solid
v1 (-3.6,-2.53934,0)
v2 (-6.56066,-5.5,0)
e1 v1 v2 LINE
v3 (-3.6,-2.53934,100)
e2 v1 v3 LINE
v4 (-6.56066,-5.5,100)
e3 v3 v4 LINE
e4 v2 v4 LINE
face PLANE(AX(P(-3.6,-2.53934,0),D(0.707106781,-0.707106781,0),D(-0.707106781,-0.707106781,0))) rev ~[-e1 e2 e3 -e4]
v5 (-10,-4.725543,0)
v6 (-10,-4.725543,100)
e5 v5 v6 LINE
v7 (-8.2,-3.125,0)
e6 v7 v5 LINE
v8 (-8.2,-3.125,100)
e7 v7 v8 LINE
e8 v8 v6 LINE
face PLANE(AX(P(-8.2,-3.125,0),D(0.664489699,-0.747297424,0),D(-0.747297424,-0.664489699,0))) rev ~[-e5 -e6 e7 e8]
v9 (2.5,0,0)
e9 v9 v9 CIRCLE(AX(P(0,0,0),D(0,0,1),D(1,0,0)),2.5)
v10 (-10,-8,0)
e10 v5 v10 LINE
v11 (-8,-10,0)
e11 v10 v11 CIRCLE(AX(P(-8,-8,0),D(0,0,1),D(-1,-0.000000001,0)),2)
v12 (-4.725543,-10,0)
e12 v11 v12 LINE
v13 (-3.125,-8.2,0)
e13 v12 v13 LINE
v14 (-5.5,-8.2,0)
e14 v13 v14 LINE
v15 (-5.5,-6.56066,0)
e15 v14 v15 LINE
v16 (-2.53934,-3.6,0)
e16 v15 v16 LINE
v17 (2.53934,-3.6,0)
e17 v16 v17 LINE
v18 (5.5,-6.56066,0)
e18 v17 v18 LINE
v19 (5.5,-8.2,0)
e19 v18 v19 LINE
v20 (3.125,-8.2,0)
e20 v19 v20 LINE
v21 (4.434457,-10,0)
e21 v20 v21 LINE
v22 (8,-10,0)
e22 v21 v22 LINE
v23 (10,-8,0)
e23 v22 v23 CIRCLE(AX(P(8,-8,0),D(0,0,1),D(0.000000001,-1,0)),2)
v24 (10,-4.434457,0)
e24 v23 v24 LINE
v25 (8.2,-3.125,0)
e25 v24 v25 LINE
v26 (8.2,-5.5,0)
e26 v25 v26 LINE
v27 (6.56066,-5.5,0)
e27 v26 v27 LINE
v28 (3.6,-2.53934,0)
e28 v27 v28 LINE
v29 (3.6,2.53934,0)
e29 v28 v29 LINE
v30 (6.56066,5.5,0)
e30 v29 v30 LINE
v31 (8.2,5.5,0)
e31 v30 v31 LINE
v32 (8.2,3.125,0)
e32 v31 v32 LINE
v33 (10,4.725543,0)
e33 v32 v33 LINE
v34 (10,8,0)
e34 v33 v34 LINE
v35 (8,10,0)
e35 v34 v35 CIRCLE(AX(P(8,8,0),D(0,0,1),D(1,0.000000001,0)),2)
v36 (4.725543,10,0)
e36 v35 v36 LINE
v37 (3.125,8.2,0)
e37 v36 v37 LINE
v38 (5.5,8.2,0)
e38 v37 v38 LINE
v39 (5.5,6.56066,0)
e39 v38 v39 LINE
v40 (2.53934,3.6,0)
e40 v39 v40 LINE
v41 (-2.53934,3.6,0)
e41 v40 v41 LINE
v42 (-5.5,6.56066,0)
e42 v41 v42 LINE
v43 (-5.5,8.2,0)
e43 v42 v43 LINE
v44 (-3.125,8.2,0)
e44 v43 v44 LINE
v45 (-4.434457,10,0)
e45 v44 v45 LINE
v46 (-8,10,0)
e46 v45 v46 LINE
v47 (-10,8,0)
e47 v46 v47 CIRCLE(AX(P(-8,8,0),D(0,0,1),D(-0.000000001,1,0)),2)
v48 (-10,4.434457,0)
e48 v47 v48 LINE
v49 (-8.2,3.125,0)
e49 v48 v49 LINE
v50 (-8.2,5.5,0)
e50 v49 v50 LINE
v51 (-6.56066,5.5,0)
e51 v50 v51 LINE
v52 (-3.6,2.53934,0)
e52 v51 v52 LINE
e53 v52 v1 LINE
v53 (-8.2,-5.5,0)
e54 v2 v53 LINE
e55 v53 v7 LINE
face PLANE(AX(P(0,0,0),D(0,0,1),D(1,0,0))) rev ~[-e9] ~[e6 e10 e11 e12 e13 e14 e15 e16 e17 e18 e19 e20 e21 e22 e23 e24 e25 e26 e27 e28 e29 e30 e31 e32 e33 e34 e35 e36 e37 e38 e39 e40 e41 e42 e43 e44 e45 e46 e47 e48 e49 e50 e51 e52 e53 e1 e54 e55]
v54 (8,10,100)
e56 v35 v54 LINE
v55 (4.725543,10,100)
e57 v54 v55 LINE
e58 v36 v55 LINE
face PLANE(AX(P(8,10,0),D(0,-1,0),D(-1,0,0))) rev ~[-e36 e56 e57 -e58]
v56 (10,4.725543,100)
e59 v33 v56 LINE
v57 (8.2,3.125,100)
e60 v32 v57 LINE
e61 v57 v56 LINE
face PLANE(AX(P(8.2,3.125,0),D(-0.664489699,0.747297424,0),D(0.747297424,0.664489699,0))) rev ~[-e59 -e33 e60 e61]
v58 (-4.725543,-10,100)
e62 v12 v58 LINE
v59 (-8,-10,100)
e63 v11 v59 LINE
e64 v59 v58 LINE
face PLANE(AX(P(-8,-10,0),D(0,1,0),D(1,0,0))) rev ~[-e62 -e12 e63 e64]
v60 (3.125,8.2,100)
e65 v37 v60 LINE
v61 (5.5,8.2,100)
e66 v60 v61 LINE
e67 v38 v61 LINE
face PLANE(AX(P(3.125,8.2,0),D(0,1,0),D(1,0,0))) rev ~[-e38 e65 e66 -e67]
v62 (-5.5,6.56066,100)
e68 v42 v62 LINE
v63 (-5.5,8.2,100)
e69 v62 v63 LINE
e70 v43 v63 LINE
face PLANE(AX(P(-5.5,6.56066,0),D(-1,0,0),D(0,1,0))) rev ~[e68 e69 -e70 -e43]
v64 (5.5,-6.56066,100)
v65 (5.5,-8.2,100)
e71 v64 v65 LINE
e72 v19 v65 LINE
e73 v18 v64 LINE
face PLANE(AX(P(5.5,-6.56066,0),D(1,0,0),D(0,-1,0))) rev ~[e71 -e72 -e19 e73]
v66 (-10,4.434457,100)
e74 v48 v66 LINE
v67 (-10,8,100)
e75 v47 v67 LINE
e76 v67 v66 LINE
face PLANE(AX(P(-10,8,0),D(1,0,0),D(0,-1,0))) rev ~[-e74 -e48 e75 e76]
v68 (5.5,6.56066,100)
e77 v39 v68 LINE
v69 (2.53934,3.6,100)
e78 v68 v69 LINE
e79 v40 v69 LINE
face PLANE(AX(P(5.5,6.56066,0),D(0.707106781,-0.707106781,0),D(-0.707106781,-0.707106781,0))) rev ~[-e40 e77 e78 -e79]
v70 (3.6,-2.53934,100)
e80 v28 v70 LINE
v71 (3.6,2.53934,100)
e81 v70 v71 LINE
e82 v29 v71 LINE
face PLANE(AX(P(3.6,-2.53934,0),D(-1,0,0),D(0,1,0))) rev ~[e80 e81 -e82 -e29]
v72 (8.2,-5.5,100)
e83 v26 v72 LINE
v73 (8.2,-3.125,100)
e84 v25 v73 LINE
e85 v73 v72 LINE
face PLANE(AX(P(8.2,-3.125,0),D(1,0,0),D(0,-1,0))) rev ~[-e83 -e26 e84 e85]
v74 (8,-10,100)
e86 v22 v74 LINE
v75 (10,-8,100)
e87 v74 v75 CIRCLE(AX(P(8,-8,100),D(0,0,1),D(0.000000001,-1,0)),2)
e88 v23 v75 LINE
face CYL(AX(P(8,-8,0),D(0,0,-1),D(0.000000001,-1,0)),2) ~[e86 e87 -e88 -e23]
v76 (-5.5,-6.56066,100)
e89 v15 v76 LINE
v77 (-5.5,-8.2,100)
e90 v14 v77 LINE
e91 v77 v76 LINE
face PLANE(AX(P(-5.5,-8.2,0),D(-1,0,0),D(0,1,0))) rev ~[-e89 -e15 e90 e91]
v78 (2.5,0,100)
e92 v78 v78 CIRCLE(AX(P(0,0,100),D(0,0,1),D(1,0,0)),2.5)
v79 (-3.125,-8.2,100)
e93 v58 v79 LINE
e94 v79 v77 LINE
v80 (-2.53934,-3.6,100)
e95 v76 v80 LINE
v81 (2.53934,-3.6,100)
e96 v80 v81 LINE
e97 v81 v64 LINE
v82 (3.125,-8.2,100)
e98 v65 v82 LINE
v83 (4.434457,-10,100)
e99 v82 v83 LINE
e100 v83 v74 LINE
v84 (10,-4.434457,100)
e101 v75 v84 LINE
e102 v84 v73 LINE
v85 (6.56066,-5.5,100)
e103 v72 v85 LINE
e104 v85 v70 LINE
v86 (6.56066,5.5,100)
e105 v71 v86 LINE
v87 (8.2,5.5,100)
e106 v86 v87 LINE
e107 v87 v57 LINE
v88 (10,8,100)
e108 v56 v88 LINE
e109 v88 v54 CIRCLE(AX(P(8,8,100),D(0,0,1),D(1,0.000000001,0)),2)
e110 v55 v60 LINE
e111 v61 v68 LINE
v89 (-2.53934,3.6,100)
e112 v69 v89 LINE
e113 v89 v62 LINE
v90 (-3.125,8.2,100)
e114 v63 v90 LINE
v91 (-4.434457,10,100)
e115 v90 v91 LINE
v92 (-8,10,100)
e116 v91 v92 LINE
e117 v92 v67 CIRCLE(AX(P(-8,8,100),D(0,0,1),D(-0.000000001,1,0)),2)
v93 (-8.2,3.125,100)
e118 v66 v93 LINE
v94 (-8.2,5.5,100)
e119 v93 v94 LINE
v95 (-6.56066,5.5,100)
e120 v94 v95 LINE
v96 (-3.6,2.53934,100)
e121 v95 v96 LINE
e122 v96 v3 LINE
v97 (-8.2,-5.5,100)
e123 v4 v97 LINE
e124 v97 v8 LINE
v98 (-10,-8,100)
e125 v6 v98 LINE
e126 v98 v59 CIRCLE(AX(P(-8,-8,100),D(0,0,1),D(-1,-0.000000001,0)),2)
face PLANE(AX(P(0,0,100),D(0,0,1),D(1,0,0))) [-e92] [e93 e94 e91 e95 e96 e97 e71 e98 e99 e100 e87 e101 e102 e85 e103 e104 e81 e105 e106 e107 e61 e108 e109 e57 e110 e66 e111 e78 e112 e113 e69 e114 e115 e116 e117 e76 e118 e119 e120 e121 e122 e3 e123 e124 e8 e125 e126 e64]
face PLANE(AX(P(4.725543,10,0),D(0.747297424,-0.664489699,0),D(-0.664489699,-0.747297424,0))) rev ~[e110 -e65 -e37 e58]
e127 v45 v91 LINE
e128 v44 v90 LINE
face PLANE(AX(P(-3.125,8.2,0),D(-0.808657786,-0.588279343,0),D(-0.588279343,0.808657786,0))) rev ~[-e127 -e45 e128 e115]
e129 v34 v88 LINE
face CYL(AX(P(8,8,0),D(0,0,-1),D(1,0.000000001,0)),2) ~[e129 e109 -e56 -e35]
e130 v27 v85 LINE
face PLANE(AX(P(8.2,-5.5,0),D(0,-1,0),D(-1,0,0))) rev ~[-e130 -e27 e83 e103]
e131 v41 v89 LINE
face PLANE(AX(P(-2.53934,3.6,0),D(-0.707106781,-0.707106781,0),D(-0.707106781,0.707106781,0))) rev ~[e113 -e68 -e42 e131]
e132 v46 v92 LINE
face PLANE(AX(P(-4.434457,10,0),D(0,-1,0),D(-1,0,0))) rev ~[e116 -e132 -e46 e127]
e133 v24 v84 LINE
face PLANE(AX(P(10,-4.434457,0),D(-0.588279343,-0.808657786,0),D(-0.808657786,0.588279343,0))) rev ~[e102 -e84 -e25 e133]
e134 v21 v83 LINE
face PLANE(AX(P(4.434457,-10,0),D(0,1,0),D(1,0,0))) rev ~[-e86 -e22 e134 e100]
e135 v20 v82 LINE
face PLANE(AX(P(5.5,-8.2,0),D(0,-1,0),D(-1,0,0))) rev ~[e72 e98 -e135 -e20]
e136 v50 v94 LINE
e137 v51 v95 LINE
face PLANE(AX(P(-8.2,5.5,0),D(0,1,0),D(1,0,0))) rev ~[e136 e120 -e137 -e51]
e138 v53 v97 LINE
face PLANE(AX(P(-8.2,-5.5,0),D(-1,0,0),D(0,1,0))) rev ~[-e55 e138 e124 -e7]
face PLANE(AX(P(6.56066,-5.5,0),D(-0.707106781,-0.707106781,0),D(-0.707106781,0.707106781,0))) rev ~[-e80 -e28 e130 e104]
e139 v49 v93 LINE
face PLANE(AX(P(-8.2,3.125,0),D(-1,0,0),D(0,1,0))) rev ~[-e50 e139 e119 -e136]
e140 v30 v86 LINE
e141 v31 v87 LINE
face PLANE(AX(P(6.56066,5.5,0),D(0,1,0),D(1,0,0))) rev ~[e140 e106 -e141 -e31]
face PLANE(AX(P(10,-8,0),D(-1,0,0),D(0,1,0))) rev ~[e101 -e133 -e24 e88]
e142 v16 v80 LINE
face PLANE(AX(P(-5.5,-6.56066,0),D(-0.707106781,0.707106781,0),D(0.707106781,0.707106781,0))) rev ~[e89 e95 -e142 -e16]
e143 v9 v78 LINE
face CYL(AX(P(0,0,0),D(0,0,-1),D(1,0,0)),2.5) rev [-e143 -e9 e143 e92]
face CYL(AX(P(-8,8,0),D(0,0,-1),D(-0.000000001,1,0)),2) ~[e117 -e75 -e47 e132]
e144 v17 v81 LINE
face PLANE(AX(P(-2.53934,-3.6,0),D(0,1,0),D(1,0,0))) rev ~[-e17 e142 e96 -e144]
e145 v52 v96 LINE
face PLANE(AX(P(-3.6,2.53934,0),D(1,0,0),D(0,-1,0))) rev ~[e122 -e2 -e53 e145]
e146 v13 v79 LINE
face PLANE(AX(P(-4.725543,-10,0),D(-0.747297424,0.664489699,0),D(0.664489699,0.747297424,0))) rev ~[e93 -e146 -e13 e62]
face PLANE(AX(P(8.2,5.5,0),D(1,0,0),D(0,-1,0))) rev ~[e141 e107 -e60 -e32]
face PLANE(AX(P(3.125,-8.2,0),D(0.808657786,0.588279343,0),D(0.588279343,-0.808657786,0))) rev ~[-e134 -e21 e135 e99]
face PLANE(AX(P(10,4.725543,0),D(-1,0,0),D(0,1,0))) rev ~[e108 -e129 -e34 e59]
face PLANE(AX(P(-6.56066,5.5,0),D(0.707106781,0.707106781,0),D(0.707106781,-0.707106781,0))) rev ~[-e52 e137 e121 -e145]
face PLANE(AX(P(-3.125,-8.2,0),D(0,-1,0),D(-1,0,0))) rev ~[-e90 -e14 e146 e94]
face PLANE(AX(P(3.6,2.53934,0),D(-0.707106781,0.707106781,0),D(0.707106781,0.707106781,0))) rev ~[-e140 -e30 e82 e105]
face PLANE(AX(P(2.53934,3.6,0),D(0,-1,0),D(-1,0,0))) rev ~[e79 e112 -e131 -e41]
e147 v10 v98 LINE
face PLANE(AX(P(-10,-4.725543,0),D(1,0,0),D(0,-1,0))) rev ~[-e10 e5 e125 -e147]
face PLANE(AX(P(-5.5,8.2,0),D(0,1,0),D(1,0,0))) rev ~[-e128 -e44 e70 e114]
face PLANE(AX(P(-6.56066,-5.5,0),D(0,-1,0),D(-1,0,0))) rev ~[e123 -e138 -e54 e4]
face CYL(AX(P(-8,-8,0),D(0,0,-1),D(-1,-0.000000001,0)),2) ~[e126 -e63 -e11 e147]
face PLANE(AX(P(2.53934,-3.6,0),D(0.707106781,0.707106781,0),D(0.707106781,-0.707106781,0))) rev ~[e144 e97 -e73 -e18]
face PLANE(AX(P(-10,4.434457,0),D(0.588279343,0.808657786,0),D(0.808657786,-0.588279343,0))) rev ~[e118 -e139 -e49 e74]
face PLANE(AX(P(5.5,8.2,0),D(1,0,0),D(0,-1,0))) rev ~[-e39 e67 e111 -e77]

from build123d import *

# Parameters (mm, degrees)
SKETCH1_R           = 2.5
BOSS_EXTRUDE1_DEPTH = 100


with BuildPart() as part:
    # Sketch1 → Boss-Extrude1 (new body)
    with BuildSketch(Plane.XY):
        with BuildLine():
            Line((-4.725542729, -10), (-3.125, -8.2))
            Line((-3.125, -8.2), (-5.5, -8.2))
            Line((-5.5, -8.2), (-5.5, -6.560660172))
            Line((-5.5, -6.560660172), (-2.539339828, -3.6))
            Line((-2.539339828, -3.6), (2.539339828, -3.6))
            Line((2.539339828, -3.6), (5.5, -6.560660172))
            Line((5.5, -6.560660172), (5.5, -8.2))
            Line((5.5, -8.2), (3.125, -8.2))
            Line((3.125, -8.2), (4.434457271, -10))
            Line((4.434457271, -10), (8, -10))
            ThreePointArc((8, -10), (9.414213562, -9.414213562), (10, -8))
            Line((10, -8), (10, -4.434457271))
            Line((10, -4.434457271), (8.2, -3.125))
            Line((8.2, -3.125), (8.2, -5.5))
            Line((8.2, -5.5), (6.560660172, -5.5))
            Line((6.560660172, -5.5), (3.6, -2.539339828))
            Line((3.6, -2.539339828), (3.6, 2.539339828))
            Line((3.6, 2.539339828), (6.560660172, 5.5))
            Line((6.560660172, 5.5), (8.2, 5.5))
            Line((8.2, 5.5), (8.2, 3.125))
            Line((8.2, 3.125), (10, 4.725542729))
            Line((10, 4.725542729), (10, 8))
            ThreePointArc((10, 8), (9.414213562, 9.414213562), (8, 10))
            Line((8, 10), (4.725542729, 10))
            Line((4.725542729, 10), (3.125, 8.2))
            Line((3.125, 8.2), (5.5, 8.2))
            Line((5.5, 8.2), (5.5, 6.560660172))
            Line((5.5, 6.560660172), (2.539339828, 3.6))
            Line((2.539339828, 3.6), (-2.539339828, 3.6))
            Line((-2.539339828, 3.6), (-5.5, 6.560660172))
            Line((-5.5, 6.560660172), (-5.5, 8.2))
            Line((-5.5, 8.2), (-3.125, 8.2))
            Line((-3.125, 8.2), (-4.434457271, 10))
            Line((-4.434457271, 10), (-8, 10))
            ThreePointArc((-8, 10), (-9.414213562, 9.414213562), (-10, 8))
            Line((-10, 8), (-10, 4.434457271))
            Line((-10, 4.434457271), (-8.2, 3.125))
            Line((-8.2, 3.125), (-8.2, 5.5))
            Line((-8.2, 5.5), (-6.560660172, 5.5))
            Line((-6.560660172, 5.5), (-3.6, 2.539339828))
            Line((-3.6, 2.539339828), (-3.6, -2.539339828))
            Line((-3.6, -2.539339828), (-6.560660172, -5.5))
            Line((-6.560660172, -5.5), (-8.2, -5.5))
            Line((-8.2, -5.5), (-8.2, -3.125))
            Line((-8.2, -3.125), (-10, -4.725542729))
            Line((-10, -4.725542729), (-10, -8))
            ThreePointArc((-10, -8), (-9.414213562, -9.414213562), (-8, -10))
            Line((-8, -10), (-4.725542729, -10))
        make_face()
        Circle(SKETCH1_R, mode=Mode.SUBTRACT)
    extrude(amount=BOSS_EXTRUDE1_DEPTH)


solid = part.part
